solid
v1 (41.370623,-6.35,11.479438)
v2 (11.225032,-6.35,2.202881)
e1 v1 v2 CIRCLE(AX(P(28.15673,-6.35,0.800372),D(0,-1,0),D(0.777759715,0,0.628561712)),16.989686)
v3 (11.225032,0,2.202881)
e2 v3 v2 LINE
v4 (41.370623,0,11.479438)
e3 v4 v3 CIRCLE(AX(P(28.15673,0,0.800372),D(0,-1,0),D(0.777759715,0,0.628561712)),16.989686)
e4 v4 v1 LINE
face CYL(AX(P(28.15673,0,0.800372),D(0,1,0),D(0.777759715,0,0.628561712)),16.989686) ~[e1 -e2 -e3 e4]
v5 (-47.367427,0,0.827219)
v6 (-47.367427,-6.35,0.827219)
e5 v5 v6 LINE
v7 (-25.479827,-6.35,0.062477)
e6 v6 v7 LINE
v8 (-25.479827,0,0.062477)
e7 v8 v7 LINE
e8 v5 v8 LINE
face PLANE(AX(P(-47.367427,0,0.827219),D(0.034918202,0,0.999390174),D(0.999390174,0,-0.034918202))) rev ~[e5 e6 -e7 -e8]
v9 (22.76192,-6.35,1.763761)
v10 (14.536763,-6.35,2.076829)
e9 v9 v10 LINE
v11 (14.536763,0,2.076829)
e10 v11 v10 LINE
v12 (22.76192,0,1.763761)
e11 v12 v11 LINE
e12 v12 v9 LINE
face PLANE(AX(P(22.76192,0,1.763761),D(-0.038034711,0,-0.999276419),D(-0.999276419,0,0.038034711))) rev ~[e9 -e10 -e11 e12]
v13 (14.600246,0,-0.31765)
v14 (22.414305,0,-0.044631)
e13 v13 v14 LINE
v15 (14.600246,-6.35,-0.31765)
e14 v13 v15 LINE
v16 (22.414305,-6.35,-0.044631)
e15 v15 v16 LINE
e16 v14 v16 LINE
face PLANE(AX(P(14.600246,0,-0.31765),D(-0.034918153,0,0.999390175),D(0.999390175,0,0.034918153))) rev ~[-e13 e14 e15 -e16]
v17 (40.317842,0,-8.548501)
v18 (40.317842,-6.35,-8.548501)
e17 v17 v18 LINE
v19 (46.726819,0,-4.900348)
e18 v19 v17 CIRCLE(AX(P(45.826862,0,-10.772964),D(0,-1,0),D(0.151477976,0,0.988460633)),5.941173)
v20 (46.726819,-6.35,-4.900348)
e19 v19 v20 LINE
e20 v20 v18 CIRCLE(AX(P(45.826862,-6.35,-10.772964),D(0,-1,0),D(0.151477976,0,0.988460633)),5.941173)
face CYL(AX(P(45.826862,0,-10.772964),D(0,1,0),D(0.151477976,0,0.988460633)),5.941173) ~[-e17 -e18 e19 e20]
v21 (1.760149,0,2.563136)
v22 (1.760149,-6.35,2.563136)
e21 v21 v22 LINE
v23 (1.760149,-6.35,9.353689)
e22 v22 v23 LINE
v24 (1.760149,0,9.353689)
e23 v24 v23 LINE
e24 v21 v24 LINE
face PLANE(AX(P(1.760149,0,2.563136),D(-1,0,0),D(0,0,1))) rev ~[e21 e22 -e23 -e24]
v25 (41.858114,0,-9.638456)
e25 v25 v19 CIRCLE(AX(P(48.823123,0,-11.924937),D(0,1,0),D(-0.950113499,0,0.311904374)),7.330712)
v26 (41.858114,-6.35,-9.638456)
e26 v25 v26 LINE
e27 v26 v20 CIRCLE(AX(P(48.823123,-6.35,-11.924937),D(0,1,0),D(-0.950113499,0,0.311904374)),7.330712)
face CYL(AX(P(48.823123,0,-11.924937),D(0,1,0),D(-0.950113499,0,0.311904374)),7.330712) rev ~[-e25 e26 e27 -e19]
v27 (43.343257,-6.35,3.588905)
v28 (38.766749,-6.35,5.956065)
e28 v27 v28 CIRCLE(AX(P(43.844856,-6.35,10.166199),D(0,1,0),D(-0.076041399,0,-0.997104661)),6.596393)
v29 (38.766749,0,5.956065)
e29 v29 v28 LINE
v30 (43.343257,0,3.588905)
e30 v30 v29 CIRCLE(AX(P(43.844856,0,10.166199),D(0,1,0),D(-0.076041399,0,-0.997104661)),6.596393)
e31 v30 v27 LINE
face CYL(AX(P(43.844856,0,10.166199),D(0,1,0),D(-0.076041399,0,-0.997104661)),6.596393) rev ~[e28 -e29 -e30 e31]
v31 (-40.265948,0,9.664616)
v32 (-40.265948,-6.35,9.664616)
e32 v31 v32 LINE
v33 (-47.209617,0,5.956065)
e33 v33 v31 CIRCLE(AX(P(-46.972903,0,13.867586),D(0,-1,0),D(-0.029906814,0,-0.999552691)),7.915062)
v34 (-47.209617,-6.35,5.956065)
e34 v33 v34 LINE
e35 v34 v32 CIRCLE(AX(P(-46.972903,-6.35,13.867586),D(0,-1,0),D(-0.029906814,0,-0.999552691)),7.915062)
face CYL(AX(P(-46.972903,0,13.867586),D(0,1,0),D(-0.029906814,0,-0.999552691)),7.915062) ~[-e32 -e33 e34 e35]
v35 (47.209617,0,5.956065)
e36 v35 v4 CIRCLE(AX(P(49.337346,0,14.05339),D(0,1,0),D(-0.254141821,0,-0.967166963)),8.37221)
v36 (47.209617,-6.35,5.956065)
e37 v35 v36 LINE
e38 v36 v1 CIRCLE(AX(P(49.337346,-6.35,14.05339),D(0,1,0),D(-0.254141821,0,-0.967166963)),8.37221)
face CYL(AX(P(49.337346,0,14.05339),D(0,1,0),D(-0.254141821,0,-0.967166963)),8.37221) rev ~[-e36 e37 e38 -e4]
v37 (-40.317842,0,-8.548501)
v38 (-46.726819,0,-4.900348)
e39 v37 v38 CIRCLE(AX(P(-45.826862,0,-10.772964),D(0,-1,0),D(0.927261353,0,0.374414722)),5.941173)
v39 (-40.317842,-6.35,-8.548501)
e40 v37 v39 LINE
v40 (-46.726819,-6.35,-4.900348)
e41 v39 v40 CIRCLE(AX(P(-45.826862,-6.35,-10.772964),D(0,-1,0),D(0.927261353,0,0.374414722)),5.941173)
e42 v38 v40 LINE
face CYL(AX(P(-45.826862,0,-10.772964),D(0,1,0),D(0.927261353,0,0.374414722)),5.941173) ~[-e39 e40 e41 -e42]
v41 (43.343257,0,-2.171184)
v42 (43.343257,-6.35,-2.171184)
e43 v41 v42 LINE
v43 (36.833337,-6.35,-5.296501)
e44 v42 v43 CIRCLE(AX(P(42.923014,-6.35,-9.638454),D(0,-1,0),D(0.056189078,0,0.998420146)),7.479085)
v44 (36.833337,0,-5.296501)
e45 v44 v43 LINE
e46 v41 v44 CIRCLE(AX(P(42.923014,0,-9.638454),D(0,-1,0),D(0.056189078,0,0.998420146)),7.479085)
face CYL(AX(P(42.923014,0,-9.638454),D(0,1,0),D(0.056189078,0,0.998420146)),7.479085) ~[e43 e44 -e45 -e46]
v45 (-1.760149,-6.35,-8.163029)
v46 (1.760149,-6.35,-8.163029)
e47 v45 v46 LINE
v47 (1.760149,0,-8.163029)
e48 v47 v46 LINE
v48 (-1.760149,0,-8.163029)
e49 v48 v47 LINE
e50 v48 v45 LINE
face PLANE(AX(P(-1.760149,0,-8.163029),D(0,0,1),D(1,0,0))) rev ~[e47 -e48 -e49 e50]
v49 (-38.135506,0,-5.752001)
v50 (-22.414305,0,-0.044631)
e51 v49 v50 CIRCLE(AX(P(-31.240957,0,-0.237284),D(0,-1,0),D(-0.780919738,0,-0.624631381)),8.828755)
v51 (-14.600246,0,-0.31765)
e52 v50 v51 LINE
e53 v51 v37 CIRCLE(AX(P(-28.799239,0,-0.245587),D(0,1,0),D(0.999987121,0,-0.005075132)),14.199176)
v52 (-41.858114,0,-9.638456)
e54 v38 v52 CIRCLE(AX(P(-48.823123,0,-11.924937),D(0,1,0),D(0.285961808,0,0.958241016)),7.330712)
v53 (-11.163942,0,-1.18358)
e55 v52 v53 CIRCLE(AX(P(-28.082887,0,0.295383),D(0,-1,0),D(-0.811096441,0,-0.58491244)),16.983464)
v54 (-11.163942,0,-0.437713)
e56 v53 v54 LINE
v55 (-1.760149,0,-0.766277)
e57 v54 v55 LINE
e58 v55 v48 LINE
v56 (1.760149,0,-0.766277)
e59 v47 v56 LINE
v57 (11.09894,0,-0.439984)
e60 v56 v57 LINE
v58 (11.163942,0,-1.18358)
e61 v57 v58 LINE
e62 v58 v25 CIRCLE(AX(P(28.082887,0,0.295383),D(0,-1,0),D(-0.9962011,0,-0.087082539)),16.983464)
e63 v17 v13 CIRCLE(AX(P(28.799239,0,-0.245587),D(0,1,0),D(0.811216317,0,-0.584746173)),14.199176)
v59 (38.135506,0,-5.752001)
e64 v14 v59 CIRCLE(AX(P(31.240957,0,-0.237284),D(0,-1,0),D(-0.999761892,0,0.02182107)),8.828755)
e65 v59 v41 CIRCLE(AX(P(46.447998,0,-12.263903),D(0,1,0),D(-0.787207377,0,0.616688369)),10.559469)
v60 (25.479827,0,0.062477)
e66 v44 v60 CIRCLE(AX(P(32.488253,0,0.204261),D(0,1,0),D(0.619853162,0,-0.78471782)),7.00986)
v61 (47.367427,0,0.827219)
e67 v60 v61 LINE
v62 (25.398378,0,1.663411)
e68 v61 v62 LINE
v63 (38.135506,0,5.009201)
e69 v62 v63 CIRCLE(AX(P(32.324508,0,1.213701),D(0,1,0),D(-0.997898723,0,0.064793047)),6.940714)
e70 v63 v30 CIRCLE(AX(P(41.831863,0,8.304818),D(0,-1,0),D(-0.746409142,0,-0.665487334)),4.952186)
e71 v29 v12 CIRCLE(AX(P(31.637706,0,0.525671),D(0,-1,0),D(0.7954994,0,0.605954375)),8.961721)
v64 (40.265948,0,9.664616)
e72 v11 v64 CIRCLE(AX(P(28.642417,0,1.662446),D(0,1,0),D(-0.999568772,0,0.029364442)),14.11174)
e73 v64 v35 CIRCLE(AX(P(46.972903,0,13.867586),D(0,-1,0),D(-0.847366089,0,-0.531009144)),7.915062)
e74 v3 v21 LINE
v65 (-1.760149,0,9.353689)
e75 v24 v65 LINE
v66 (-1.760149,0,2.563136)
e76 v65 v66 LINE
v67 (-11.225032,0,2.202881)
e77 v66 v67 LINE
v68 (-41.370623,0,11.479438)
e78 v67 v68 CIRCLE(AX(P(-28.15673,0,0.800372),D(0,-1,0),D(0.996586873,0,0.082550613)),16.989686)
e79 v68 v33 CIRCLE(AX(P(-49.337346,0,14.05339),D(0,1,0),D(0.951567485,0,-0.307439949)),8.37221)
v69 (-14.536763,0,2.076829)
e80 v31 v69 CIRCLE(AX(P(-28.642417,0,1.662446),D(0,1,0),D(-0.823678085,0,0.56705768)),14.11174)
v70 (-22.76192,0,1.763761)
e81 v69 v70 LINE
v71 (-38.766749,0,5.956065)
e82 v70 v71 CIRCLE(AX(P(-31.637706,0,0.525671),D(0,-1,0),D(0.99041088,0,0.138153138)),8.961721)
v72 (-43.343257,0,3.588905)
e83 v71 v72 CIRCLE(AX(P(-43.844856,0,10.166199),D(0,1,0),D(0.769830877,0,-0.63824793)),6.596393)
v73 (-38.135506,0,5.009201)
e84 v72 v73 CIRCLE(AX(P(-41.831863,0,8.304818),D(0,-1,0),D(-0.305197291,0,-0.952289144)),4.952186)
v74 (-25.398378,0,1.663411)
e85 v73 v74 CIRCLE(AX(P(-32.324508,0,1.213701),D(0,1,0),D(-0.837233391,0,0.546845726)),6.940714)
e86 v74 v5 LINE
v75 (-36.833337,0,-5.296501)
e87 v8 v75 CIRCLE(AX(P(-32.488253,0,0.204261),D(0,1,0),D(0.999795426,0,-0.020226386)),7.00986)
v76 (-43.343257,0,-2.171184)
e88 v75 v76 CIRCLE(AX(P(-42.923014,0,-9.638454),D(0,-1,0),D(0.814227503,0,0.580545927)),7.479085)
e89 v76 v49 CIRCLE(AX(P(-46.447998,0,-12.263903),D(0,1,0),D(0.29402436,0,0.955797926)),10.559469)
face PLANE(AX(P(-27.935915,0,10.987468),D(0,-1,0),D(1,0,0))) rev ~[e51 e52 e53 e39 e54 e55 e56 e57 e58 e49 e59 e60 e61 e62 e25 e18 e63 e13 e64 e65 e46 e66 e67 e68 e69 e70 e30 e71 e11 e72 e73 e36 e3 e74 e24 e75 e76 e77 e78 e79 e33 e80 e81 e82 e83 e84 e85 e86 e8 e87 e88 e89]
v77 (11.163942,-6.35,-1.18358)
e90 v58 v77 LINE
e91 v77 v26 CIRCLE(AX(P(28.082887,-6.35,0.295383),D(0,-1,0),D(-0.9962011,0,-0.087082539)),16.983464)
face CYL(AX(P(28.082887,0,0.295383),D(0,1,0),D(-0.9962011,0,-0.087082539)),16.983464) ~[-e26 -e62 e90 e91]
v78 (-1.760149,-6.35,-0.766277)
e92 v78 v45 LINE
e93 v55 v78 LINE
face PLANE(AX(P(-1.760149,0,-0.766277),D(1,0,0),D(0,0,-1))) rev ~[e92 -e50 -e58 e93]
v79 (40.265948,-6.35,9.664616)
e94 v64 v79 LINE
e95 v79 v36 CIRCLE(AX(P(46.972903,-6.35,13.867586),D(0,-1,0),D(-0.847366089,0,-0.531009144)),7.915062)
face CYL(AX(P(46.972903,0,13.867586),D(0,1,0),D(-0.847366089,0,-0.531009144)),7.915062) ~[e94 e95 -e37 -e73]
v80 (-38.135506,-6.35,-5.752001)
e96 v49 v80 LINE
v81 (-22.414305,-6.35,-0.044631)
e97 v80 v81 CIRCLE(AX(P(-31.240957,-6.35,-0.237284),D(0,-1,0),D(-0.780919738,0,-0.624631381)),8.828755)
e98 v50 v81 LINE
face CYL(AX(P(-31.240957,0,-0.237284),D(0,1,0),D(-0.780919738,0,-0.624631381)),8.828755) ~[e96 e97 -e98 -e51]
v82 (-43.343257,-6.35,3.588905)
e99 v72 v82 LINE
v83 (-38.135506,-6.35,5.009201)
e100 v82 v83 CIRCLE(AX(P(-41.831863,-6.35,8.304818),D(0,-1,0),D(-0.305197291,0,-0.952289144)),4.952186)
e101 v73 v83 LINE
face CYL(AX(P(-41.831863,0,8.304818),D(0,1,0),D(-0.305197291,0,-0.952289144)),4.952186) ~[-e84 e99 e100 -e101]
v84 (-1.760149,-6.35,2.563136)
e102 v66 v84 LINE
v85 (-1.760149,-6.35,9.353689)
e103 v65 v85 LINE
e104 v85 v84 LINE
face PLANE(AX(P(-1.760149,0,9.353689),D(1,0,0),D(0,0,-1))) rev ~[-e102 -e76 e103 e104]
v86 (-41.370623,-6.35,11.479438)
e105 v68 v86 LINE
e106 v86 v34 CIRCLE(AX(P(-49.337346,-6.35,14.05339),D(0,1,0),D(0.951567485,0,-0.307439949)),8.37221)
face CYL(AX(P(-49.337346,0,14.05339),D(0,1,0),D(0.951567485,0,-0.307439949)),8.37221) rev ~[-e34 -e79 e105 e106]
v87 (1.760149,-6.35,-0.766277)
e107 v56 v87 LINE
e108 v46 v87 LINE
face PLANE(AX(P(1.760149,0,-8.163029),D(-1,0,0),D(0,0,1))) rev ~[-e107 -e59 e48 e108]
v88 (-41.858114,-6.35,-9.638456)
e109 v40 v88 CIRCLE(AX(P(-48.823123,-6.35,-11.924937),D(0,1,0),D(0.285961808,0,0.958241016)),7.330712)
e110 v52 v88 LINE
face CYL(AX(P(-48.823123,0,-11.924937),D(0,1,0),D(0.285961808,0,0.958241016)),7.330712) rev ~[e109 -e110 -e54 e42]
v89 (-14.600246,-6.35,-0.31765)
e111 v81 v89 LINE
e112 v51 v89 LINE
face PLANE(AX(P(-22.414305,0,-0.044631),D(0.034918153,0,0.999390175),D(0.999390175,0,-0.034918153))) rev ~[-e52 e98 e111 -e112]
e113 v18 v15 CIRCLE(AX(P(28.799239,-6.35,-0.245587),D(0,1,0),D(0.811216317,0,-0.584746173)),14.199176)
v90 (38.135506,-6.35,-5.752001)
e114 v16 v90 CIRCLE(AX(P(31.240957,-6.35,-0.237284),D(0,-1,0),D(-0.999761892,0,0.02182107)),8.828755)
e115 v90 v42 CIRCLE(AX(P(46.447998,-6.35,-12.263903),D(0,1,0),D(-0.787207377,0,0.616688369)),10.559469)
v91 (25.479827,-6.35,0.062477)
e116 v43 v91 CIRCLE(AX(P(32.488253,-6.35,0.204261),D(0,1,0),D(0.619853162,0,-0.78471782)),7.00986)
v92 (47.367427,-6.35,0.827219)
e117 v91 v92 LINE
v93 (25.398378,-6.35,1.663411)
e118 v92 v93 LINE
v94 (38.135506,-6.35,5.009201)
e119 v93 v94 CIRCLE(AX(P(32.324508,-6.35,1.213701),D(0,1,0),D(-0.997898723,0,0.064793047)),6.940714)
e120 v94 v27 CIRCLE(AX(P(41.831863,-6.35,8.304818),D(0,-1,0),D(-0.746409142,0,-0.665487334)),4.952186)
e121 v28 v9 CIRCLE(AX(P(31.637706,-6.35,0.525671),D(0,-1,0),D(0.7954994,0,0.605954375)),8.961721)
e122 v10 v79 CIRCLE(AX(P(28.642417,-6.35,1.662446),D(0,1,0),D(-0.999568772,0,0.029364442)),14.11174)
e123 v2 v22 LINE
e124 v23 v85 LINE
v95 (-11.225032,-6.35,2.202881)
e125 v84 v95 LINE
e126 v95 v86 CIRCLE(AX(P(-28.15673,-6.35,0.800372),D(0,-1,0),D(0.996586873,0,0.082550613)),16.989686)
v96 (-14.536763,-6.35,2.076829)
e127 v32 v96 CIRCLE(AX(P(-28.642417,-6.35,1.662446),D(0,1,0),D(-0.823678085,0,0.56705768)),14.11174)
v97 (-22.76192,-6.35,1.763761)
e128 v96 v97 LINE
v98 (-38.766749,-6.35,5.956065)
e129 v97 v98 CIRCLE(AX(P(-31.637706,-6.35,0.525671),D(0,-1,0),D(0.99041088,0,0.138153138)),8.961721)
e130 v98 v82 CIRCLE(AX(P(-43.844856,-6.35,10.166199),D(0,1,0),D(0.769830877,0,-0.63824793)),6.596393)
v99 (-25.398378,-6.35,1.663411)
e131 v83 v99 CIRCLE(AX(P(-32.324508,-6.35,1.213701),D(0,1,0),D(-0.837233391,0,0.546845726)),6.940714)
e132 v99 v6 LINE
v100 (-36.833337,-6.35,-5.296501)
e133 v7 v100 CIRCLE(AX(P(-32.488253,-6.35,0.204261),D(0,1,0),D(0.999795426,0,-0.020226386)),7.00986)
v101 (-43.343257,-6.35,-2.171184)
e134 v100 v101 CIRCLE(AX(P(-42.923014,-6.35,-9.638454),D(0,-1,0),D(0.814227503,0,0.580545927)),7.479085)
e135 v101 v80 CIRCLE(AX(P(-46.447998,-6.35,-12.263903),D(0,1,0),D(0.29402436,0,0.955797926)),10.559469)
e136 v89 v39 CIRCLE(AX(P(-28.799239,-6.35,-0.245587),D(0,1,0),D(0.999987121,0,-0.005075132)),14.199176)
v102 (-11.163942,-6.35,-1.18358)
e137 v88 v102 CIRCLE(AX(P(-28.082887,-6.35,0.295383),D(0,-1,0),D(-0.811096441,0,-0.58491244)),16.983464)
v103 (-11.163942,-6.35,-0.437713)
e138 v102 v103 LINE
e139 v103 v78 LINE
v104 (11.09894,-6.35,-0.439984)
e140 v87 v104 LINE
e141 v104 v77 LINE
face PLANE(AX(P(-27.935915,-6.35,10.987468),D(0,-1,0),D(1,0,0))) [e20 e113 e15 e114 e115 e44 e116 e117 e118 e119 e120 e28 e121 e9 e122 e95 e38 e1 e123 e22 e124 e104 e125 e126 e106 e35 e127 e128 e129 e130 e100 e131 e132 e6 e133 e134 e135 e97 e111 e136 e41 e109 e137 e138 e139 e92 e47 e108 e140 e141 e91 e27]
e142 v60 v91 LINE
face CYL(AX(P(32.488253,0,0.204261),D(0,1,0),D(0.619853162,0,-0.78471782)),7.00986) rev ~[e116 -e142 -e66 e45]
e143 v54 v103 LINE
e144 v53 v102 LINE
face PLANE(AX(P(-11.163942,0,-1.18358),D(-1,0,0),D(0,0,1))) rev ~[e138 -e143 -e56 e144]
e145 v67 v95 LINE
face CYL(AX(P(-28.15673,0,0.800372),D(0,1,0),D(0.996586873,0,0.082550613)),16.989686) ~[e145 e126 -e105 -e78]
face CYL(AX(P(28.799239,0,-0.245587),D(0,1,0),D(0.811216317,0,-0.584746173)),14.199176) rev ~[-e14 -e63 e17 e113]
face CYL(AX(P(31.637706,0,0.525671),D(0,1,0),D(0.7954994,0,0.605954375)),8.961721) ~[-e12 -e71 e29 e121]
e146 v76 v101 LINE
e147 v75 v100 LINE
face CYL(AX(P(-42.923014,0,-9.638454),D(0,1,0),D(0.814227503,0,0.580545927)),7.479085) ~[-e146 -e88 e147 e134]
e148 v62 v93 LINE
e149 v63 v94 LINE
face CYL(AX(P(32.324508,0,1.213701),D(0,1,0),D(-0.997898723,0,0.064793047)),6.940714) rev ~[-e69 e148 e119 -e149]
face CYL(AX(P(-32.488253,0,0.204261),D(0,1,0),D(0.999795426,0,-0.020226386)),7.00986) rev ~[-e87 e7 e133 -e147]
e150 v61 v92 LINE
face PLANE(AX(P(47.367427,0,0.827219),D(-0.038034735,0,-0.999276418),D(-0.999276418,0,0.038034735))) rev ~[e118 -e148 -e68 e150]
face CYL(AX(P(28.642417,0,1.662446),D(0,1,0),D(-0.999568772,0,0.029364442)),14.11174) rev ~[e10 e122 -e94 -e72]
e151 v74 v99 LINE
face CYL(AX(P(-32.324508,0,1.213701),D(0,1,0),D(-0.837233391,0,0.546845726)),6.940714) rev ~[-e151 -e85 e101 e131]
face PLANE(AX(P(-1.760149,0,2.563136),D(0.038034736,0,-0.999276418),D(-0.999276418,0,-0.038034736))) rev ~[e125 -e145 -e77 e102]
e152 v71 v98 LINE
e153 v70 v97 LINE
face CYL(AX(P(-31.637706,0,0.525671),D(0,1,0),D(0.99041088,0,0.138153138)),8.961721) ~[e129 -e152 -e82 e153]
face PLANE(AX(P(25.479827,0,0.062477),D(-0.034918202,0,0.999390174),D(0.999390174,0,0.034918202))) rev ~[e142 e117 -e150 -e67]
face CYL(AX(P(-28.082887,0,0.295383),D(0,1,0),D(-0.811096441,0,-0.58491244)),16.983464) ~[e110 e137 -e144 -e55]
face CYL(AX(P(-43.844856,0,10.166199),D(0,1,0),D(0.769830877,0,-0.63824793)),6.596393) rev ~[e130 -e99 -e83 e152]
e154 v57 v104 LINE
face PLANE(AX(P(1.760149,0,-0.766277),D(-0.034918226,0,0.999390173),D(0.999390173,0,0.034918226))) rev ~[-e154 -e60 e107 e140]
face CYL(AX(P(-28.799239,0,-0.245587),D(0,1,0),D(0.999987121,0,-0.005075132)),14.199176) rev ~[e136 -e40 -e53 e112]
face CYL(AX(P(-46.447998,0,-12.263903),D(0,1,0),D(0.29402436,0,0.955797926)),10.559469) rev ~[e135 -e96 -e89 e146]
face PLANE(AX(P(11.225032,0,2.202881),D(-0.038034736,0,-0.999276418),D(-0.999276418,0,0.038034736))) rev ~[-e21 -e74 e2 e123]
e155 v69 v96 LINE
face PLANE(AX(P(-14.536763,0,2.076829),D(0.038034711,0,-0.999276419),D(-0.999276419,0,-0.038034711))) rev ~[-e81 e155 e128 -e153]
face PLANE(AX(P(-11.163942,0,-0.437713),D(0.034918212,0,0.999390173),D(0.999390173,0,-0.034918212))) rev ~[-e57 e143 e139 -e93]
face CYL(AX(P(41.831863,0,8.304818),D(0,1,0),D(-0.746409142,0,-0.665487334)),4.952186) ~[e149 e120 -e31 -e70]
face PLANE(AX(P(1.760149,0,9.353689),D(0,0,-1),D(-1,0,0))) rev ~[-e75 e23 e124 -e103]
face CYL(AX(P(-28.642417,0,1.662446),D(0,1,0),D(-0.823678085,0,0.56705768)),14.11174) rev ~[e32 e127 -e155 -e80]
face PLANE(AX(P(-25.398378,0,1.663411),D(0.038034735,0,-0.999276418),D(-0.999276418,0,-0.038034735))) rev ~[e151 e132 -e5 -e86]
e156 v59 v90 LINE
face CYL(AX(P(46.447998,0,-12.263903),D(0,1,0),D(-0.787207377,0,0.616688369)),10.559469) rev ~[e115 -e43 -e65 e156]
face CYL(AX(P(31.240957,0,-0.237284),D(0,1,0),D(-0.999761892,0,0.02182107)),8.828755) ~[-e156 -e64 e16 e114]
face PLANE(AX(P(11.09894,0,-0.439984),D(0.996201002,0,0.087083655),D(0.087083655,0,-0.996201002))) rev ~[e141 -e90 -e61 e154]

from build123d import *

# Parameters (mm, degrees)
F1_DEPTH = 6.35


with BuildPart() as f1:
    # F0 (on Front) → F1 (new body)
    with BuildSketch(Plane.XZ):
        with BuildLine():
            ThreePointArc((-40.265948, 9.664616), (-24.650693, 15.197856), (-14.536763, 2.076829))
            Line((-14.536763, 2.076829), (-11.225032, 2.202881))
            ThreePointArc((-11.225032, 2.202881), (-23.159816, 17.038607), (-41.370623, 11.479438))
            ThreePointArc((-41.370623, 11.479438), (-43.583964, 7.971244), (-47.209617, 5.956065))
            ThreePointArc((-47.209617, 5.956065), (-43.24405, 6.885906), (-40.265948, 9.664616))
        make_face()
        Polygon((-11.225032, 2.202881), (-14.536763, 2.076829), (-22.76192, 1.763761), (-25.398378, 1.663411), (-47.367427, 0.827219), (-25.479827, 0.062477), (-22.414305, -0.044631), (-14.600246, -0.31765), (-11.163942, -0.437713), (-1.760149, -0.766277), (-1.760149, -8.163029), (1.760149, -8.163029), (1.760149, -0.766277), (11.09894, -0.439984), (14.600246, -0.31765), (22.414305, -0.044631), (25.479827, 0.062477), (47.367427, 0.827219), (25.398378, 1.663411), (22.76192, 1.763761), (14.536763, 2.076829), (11.225032, 2.202881), (1.760149, 2.563136), (1.760149, 9.353689), (-1.760149, 9.353689), (-1.760149, 2.563136), align=None)
        with BuildLine():
            Line((-25.398378, 1.663411), (-22.76192, 1.763761))
            ThreePointArc((-22.76192, 1.763761), (-29.366884, 9.194916), (-38.766749, 5.956065))
            ThreePointArc((-38.766749, 5.956065), (-40.814321, 4.307167), (-43.343257, 3.588905))
            ThreePointArc((-43.343257, 3.588905), (-40.528857, 3.527128), (-38.135506, 5.009201))
            ThreePointArc((-38.135506, 5.009201), (-30.561143, 7.926678), (-25.398378, 1.663411))
        make_face()
        with BuildLine():
            Line((-22.414305, -0.044631), (-25.479827, 0.062477))
            ThreePointArc((-25.479827, 0.062477), (-29.496095, -6.134913), (-36.833337, -5.296501))
            ThreePointArc((-36.833337, -5.296501), (-39.686114, -2.89611), (-43.343257, -2.171184))
            ThreePointArc((-43.343257, -2.171184), (-40.465201, -3.562838), (-38.135506, -5.752001))
            ThreePointArc((-38.135506, -5.752001), (-28.228189, -8.536087), (-22.414305, -0.044631))
        make_face()
        with BuildLine():
            ThreePointArc((41.370623, 11.479438), (23.159816, 17.038607), (11.225032, 2.202881))
            Line((11.225032, 2.202881), (14.536763, 2.076829))
            ThreePointArc((14.536763, 2.076829), (24.650693, 15.197856), (40.265948, 9.664616))
            ThreePointArc((40.265948, 9.664616), (43.24405, 6.885906), (47.209617, 5.956065))
            ThreePointArc((47.209617, 5.956065), (43.583964, 7.971244), (41.370623, 11.479438))
        make_face()
        with BuildLine():
            Line((-11.163942, -0.437713), (-14.600246, -0.31765))
            ThreePointArc((-14.600246, -0.31765), (-24.471093, -13.769039), (-40.317842, -8.548501))
            ThreePointArc((-40.317842, -8.548501), (-42.887794, -5.609688), (-46.726819, -4.900348))
            ThreePointArc((-46.726819, -4.900348), (-43.710466, -6.671359), (-41.858114, -9.638456))
            ThreePointArc((-41.858114, -9.638456), (-23.572679, -16.078256), (-11.163942, -1.18358))
            Line((-11.163942, -1.18358), (-11.163942, -0.437713))
        make_face()
        with BuildLine():
            ThreePointArc((38.766749, 5.956065), (29.366884, 9.194916), (22.76192, 1.763761))
            Line((22.76192, 1.763761), (25.398378, 1.663411))
            ThreePointArc((25.398378, 1.663411), (30.561143, 7.926678), (38.135506, 5.009201))
            ThreePointArc((38.135506, 5.009201), (40.528857, 3.527128), (43.343257, 3.588905))
            ThreePointArc((43.343257, 3.588905), (40.814321, 4.307167), (38.766749, 5.956065))
        make_face()
        with BuildLine():
            ThreePointArc((36.833337, -5.296501), (29.496095, -6.134913), (25.479827, 0.062477))
            Line((25.479827, 0.062477), (22.414305, -0.044631))
            ThreePointArc((22.414305, -0.044631), (28.228189, -8.536087), (38.135506, -5.752001))
            ThreePointArc((38.135506, -5.752001), (40.465201, -3.562838), (43.343257, -2.171184))
            ThreePointArc((43.343257, -2.171184), (39.686114, -2.89611), (36.833337, -5.296501))
        make_face()
        with BuildLine():
            Line((14.600246, -0.31765), (11.09894, -0.439984))
            Line((11.09894, -0.439984), (11.163942, -1.18358))
            ThreePointArc((11.163942, -1.18358), (23.572679, -16.078256), (41.858114, -9.638456))
            ThreePointArc((41.858114, -9.638456), (43.710466, -6.671359), (46.726819, -4.900348))
            ThreePointArc((46.726819, -4.900348), (42.887794, -5.609688), (40.317842, -8.548501))
            ThreePointArc((40.317842, -8.548501), (24.471093, -13.769039), (14.600246, -0.31765))
        make_face()
    extrude(amount=F1_DEPTH)


solid = f1.part
